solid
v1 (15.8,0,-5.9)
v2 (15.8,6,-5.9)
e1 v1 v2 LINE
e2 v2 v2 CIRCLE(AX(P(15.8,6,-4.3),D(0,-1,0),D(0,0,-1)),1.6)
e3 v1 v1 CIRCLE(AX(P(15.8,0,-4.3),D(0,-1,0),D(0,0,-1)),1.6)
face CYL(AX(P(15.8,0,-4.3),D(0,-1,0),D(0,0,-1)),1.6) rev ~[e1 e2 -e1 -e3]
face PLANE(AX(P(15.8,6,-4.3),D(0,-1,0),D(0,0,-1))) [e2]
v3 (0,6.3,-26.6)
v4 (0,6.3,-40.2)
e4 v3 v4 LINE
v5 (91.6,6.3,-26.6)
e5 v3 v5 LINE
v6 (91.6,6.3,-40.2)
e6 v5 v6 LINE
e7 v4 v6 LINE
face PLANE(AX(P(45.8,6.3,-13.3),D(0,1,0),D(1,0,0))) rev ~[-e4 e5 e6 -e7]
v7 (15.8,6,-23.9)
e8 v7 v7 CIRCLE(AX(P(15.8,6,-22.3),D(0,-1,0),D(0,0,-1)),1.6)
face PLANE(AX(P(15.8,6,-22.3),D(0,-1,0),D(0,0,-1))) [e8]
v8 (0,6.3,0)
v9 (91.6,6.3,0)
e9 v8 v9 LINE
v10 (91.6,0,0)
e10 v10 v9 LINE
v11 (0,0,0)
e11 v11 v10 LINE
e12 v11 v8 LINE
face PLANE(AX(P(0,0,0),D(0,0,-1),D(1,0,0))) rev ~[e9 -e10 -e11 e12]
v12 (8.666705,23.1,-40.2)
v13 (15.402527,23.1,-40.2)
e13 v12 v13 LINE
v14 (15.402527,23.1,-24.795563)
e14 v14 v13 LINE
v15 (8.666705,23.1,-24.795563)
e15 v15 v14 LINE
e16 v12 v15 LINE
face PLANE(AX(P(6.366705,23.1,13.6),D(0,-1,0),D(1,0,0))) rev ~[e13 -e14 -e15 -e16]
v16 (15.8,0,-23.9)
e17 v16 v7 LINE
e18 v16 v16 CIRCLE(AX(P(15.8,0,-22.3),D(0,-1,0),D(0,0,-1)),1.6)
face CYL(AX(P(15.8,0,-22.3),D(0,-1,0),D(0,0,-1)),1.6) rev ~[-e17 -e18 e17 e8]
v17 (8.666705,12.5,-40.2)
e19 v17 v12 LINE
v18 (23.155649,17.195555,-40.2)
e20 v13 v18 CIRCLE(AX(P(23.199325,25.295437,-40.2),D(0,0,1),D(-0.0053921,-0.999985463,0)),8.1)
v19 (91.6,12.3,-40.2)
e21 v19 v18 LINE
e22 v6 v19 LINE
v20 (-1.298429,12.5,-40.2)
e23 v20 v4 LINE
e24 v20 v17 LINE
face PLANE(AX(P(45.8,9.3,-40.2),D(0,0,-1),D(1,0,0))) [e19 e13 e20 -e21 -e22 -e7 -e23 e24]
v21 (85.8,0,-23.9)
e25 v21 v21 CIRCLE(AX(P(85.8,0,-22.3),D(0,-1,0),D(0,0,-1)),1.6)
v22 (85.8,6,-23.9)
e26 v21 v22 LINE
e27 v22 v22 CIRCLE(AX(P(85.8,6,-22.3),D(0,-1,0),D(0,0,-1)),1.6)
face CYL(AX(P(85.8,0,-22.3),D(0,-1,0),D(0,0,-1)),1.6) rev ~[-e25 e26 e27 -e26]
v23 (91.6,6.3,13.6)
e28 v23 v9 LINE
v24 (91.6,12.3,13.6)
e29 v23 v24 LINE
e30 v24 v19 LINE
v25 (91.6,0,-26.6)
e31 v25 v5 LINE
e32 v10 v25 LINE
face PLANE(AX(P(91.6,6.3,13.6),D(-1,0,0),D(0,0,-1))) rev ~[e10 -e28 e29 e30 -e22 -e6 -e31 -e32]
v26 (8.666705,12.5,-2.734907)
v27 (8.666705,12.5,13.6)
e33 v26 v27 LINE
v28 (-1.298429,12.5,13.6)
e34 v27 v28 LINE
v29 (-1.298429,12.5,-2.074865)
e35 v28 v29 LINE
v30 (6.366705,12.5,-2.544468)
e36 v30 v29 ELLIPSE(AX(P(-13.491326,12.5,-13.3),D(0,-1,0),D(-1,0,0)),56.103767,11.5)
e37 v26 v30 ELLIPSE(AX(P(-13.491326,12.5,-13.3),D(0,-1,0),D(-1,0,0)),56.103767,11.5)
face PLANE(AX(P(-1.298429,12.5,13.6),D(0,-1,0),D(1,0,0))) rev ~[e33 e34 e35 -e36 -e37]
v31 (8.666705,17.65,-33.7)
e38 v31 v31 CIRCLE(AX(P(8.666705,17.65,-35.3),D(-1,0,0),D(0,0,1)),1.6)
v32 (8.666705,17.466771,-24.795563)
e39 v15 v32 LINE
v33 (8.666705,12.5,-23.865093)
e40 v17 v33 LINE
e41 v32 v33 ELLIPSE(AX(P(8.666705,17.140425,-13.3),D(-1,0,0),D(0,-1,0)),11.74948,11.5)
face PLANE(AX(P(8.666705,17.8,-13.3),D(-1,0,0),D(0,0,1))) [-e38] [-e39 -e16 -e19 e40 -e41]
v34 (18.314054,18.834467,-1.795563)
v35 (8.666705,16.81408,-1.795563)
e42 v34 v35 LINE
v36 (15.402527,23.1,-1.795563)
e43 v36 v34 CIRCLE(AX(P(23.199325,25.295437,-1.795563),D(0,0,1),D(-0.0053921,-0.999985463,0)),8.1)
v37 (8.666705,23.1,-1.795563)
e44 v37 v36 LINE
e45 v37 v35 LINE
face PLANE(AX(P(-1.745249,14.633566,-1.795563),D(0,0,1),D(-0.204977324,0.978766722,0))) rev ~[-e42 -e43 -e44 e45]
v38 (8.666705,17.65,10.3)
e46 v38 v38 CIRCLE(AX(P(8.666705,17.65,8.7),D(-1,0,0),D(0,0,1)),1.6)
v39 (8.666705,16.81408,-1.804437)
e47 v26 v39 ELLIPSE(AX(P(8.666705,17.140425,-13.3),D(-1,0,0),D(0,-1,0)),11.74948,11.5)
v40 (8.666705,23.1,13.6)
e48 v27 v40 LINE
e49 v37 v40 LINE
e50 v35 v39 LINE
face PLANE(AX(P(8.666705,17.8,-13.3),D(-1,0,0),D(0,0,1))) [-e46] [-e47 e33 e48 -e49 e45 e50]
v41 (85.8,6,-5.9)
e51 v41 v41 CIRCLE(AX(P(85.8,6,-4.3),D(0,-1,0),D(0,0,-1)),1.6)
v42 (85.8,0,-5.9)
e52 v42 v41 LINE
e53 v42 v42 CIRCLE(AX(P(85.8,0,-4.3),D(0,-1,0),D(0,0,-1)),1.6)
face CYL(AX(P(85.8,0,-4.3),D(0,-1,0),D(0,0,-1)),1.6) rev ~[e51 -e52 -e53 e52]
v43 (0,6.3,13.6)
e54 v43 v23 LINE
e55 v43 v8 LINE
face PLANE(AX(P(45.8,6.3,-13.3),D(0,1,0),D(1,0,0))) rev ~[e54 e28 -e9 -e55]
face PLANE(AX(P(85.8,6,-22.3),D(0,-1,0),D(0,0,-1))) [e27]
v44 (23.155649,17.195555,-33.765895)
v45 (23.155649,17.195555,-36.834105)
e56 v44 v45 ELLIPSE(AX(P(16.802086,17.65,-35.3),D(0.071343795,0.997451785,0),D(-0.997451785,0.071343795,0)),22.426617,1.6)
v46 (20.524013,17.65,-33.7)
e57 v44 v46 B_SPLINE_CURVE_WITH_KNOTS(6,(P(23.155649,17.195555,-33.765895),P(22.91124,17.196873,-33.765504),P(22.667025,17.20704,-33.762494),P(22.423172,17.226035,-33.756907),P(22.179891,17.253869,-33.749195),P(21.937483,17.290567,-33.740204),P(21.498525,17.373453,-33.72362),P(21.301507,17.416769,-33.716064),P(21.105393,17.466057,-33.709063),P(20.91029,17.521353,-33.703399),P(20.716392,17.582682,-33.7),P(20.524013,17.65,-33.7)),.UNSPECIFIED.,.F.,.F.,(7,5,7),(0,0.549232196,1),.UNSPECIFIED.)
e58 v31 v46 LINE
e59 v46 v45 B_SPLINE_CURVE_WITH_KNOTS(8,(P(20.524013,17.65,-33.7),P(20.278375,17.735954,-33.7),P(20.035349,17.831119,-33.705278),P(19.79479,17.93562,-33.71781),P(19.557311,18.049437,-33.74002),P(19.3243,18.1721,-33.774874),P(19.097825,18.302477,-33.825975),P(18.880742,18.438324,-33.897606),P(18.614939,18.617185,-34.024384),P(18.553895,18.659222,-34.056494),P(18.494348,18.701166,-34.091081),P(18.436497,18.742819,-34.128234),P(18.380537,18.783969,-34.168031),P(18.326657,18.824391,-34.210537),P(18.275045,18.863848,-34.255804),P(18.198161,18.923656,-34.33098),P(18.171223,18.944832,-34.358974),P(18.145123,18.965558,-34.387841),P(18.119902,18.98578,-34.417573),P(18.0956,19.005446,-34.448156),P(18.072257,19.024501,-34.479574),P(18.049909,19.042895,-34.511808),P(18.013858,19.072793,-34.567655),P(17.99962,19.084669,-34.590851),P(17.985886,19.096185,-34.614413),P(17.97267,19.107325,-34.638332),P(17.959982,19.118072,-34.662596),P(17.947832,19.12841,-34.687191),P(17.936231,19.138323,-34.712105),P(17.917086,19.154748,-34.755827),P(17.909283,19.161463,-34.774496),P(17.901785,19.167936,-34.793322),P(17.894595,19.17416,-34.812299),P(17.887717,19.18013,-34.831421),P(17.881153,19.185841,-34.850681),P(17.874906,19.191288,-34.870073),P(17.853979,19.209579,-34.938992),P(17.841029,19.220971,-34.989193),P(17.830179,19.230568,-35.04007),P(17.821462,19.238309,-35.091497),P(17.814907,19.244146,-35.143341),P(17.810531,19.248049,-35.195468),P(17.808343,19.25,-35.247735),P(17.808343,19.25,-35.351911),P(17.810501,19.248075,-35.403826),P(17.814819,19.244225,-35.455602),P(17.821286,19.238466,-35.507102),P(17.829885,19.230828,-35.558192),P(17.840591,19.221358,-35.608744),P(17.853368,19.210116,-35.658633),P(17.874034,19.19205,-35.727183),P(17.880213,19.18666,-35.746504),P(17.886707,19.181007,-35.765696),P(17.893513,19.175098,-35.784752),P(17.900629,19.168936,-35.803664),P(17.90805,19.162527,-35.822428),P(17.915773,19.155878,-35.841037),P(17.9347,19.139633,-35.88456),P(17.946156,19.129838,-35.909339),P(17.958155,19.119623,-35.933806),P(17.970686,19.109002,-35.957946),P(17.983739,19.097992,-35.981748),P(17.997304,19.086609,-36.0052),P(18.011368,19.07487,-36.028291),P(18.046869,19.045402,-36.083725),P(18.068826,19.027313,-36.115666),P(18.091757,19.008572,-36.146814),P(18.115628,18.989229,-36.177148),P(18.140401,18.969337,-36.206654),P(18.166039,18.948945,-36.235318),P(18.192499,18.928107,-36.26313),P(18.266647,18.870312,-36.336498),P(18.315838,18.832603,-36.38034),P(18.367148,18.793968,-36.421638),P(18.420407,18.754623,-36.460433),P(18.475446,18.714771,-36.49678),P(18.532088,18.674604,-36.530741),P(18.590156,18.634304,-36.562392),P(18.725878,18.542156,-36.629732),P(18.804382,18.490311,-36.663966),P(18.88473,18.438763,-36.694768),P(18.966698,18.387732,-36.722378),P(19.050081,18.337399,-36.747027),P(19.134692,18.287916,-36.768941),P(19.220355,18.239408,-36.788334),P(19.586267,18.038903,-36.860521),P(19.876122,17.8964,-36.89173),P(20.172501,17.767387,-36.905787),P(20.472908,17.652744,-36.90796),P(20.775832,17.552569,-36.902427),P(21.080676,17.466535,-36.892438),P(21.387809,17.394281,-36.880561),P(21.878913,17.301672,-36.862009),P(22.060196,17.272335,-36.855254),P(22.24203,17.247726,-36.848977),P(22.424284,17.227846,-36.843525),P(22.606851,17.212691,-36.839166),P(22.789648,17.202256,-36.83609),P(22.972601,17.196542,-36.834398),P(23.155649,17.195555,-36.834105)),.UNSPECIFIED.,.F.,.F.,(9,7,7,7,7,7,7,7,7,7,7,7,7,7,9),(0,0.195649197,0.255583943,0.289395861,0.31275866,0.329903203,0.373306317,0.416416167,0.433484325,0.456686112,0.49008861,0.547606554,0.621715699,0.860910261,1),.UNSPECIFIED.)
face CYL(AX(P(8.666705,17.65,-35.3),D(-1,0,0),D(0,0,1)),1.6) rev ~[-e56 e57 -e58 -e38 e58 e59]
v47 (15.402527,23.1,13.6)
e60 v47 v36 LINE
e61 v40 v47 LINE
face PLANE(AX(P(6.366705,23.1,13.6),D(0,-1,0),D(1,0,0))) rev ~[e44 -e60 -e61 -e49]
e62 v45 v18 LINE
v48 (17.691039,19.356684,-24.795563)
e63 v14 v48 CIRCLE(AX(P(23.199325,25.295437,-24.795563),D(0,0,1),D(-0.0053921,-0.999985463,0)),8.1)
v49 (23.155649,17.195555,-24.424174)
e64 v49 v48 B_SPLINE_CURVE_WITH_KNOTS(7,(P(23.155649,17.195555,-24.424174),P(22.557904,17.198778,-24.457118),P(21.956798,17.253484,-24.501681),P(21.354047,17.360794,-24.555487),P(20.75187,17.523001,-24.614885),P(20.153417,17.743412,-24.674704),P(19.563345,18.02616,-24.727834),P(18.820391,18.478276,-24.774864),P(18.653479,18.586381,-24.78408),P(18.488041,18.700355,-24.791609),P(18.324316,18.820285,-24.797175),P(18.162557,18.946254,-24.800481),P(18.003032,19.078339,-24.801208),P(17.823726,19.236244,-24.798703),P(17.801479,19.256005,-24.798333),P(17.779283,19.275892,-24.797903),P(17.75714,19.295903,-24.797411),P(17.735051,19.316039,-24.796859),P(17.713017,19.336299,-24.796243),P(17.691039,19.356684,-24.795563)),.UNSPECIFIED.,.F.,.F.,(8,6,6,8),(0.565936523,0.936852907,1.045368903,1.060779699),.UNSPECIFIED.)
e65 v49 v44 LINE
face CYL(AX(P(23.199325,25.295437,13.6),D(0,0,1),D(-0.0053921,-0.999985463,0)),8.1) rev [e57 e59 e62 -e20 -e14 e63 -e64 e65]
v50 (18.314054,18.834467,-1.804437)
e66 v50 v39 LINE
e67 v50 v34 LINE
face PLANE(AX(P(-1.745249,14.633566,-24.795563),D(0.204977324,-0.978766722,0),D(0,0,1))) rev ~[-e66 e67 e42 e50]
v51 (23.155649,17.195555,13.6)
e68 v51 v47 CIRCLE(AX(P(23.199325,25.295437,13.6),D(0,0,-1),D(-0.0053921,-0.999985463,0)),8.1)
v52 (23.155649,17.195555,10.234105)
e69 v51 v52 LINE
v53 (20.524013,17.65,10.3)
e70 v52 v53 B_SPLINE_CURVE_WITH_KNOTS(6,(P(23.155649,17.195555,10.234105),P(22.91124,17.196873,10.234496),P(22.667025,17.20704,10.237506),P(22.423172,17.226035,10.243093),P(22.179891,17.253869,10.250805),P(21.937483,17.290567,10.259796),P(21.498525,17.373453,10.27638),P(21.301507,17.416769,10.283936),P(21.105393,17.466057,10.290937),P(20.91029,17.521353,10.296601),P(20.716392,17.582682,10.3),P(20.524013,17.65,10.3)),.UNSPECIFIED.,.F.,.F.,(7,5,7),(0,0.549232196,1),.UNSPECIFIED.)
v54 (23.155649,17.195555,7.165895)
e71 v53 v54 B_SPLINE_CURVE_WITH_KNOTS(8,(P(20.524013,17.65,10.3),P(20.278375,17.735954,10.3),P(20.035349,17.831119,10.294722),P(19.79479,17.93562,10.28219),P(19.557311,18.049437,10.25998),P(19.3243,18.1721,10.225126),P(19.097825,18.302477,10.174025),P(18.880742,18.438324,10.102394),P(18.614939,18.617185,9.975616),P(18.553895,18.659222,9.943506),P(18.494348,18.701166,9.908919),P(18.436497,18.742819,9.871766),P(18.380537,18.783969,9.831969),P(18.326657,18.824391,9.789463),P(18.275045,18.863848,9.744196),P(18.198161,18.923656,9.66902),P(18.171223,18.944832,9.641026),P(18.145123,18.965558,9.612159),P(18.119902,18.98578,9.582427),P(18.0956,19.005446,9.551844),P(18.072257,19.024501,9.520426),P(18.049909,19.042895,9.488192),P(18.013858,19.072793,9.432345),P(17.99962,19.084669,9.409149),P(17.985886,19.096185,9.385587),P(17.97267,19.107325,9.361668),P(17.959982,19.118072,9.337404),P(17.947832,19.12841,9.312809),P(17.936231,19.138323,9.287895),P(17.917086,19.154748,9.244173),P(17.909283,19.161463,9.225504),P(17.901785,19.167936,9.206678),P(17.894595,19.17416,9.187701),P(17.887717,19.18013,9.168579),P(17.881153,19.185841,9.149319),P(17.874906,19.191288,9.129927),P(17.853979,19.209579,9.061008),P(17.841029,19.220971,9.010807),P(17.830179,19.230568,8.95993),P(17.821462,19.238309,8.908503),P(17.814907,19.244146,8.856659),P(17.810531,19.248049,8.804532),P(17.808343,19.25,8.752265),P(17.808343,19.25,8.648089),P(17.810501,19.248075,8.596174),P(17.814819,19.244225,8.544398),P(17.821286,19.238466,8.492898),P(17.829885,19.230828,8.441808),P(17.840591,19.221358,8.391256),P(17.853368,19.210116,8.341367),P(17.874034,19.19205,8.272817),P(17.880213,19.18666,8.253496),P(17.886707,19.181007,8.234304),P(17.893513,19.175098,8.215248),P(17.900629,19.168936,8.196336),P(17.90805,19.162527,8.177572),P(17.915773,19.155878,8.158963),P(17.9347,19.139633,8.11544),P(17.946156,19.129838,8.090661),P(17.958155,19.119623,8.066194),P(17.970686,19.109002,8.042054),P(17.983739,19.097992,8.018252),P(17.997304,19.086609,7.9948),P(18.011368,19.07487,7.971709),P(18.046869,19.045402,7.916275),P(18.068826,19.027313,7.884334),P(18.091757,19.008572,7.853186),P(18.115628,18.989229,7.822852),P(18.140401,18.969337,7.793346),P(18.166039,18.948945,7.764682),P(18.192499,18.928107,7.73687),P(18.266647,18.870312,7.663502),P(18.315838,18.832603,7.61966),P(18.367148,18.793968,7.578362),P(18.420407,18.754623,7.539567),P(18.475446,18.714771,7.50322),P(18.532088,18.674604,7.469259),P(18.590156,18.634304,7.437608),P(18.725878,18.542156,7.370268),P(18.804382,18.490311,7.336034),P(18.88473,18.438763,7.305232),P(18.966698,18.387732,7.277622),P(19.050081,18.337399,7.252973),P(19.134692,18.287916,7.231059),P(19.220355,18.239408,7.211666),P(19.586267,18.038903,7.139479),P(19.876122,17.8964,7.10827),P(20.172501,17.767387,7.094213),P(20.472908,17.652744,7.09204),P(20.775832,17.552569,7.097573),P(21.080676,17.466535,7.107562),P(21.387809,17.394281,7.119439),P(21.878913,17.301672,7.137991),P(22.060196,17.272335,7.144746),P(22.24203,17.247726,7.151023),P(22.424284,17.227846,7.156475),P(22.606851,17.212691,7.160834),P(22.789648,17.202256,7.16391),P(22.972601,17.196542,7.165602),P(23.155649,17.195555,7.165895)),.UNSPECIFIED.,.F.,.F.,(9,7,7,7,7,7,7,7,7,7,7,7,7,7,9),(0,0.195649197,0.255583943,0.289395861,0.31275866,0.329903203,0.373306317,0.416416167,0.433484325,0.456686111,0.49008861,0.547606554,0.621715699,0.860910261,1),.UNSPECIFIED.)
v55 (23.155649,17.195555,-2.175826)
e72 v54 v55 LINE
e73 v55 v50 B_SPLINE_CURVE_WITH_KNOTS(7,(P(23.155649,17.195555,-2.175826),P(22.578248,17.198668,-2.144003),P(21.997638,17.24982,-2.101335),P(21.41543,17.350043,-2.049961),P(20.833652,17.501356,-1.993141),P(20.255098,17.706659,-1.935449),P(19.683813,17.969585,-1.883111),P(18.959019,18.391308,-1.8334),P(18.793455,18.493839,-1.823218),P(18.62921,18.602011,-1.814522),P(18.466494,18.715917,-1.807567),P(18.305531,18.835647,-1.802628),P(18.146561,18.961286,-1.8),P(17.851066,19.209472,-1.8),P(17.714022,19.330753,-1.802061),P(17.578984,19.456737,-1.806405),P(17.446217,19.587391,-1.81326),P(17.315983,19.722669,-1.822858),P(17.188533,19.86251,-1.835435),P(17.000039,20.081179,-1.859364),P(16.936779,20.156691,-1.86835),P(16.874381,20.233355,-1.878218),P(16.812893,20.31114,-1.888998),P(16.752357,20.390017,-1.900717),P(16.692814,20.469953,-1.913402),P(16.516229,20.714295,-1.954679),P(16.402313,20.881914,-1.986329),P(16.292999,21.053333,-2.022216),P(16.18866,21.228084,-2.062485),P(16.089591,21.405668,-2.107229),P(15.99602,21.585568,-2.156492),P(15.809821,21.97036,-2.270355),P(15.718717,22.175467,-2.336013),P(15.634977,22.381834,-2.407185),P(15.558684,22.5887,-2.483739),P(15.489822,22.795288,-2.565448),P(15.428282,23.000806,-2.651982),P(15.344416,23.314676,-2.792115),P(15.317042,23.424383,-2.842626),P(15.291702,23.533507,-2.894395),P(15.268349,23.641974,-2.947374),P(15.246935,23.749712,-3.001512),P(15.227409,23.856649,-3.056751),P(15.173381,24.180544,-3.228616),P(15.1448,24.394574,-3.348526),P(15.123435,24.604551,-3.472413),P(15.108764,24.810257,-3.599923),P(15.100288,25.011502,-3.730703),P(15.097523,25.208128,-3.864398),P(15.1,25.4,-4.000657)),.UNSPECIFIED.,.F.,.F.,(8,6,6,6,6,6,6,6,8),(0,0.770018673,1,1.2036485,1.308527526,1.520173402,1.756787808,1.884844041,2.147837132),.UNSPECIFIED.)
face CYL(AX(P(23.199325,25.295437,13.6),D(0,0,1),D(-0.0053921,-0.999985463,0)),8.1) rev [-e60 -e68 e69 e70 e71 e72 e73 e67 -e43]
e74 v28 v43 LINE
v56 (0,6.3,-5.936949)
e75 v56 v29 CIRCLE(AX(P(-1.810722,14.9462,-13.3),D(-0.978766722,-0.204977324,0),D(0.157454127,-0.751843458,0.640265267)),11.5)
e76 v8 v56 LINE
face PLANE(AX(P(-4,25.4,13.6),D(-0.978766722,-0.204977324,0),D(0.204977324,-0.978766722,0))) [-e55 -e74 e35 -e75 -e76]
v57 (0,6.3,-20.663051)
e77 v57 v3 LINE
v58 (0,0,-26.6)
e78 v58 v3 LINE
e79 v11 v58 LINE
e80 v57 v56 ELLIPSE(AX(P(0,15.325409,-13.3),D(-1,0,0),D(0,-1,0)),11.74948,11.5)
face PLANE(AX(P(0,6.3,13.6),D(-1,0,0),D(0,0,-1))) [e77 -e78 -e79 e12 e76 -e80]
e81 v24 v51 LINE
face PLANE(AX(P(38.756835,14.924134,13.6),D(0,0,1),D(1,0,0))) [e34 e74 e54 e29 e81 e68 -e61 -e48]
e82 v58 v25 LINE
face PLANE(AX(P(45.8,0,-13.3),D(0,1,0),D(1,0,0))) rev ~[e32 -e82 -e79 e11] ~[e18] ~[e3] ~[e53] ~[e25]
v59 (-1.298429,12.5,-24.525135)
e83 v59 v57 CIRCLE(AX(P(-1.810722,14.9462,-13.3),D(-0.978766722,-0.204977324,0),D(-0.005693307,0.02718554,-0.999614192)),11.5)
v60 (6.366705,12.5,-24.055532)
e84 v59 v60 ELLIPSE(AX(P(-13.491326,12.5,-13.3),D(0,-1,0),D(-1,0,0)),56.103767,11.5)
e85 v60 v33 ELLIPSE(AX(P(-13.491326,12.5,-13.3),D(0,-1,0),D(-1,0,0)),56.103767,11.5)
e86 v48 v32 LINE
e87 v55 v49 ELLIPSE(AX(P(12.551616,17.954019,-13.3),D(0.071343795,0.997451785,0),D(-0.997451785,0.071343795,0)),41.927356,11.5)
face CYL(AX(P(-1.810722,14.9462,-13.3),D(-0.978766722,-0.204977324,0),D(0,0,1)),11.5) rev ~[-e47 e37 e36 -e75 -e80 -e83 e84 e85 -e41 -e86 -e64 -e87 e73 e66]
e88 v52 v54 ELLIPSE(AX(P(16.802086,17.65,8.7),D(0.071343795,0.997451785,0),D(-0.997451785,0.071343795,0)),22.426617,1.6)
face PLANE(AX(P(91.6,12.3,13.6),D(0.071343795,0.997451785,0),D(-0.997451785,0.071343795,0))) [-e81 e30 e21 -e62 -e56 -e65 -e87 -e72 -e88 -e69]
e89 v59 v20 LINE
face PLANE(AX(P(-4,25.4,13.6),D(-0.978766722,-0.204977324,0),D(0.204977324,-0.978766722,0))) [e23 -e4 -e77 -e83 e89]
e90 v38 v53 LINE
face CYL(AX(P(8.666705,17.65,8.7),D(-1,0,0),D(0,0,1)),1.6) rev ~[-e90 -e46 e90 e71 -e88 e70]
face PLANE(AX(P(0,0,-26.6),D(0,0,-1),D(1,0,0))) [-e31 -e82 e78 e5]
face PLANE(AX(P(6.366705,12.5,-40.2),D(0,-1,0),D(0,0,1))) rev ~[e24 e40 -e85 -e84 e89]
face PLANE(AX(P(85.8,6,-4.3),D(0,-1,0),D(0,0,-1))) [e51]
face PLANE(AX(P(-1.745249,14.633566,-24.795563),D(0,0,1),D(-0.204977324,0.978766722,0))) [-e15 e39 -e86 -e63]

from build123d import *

# Parameters (mm, degrees)
SKETCH1_W           = 91.6
SKETCH1_H           = 26.6
BOSS_EXTRUDE1_DEPTH = 6.3
SKETCH2_W           = 91.6
SKETCH2_H           = 53.8
BOSS_EXTRUDE2_DEPTH = 6
BOSS_EXTRUDE3_REACH = 108.941
SKETCH5_R           = 11.5
CUT_EXTRUDE1_DEPTH  = 56.5
SKETCH6_W           = 23
SKETCH6_H           = 11
CUT_EXTRUDE2_DEPTH  = 40
SKETCH8_R           = 1.6
CUT_EXTRUDE3_DEPTH  = 6
CUT_EXTRUDE4_REACH  = 111.225
SKETCH10_W          = 53.8
SKETCH10_H          = 10.6
CUT_EXTRUDE5_DEPTH  = 2.3
CUT_EXTRUDE6_REACH  = 97.014
SKETCH11_R          = 1.6


with BuildPart() as part:
    # Sketch1 → Boss-Extrude1 (new body)
    with BuildSketch(Plane(origin=(0, 0, 0), x_dir=(1, 0, 0), z_dir=(0, 1, 0))):
        with Locations((45.8, 13.3)):
            Rectangle(SKETCH1_W, SKETCH1_H)
    extrude(amount=BOSS_EXTRUDE1_DEPTH)

    # Sketch2 → Boss-Extrude2 (add)
    with BuildSketch(Plane(origin=(0, 6.3, 0), x_dir=(1, 0, 0), z_dir=(0, 1, 0))):
        with Locations((45.8, 13.3)):
            Rectangle(SKETCH2_W, SKETCH2_H)
    extrude(amount=BOSS_EXTRUDE2_DEPTH)

    # Boss-Extrude3: up to this face of the body (flat: up to its plane)
    boss_extrude3_end = Plane(part.part.faces().sort_by_distance((45.8, 9.3, -40.2))[0])
    # Sketch3 → Boss-Extrude3 (add, up to the picked face)
    with BuildSketch(Plane.XY.offset(13.6), mode=Mode.PRIVATE) as boss_extrude3_sk1:
        with BuildLine():
            Line((91.6, 12.3), (23.155649055, 17.195554695))
            ThreePointArc((23.155649055, 17.195554695), (17.419589145, 19.620522611), (15.1, 25.4))
            Line((15.1, 25.4), (-4, 25.4))
            Line((-4, 25.4), (0, 6.3))
            Line((0, 6.3), (0, 12.3))
            Line((0, 12.3), (91.6, 12.3))
        make_face()
    boss_extrude3_tool1 = split(extrude(boss_extrude3_sk1.sketch, amount=-BOSS_EXTRUDE3_REACH, mode=Mode.PRIVATE), bisect_by=boss_extrude3_end, keep=Keep.BOTH, mode=Mode.PRIVATE)
    add(boss_extrude3_tool1.solids().sort_by(Axis((22.17792, 16.713333, 13.6), (0, 0, -1)))[0])

    # Sketch5 → Cut-Extrude1 (cut, symmetric)
    with BuildSketch(Plane(origin=(1.263937397, 0.264698931, 0), x_dir=(0, 0, 1), z_dir=(-0.9787667222739368, -0.2049773240364267, 0))):
        with Locations((-13.3, 15)):
            Circle(SKETCH5_R)
    extrude(amount=CUT_EXTRUDE1_DEPTH, both=True, mode=Mode.SUBTRACT)

    # Sketch6 → Cut-Extrude2 (cut, symmetric)
    with BuildSketch(Plane(origin=(1.263937397, 0.264698931, 0), x_dir=(0, 0, 1), z_dir=(-0.9787667222739368, -0.2049773240364267, 0))):
        with Locations((-13.295563207, 20.180584042)):
            Rectangle(SKETCH6_W, SKETCH6_H)
    extrude(amount=CUT_EXTRUDE2_DEPTH, both=True, mode=Mode.SUBTRACT)

    # Sketch8 → Cut-Extrude3 (cut)
    with BuildSketch(Plane.XZ):
        with Locations(Location((15.8, -4.3, 0), (0, 0, 270))):
            Circle(SKETCH8_R)
        with Locations(Location((85.8, -4.3, 0), (0, 0, 270))):
            Circle(SKETCH8_R)
        with Locations(Location((85.8, -22.3, 0), (0, 0, 270))):
            Circle(SKETCH8_R)
        with Locations(Location((15.8, -22.3, 0), (0, 0, 270))):
            Circle(SKETCH8_R)
    extrude(amount=-CUT_EXTRUDE3_DEPTH, mode=Mode.SUBTRACT)

    # Cut-Extrude4: up to this face of the body (flat: up to its plane)
    cut_extrude4_end = Plane(part.part.faces().sort_by_distance((35.074761292, 12.665908848, -40.2))[0])
    # Sketch9 → Cut-Extrude4 (cut, up to the picked face)
    with BuildSketch(Plane.XY.offset(13.6), mode=Mode.PRIVATE) as cut_extrude4_sk1:
        with BuildLine():
            Line((-1.298429319, 12.5), (6.366705086, 12.5))
            Line((6.366705086, 12.5), (6.366705086, 23.1))
            Line((6.366705086, 23.1), (15.402527223, 23.1))
            ThreePointArc((15.402527223, 23.1), (15.168498155, 24.239113564), (15.1, 25.4))
            Line((15.1, 25.4), (-4, 25.4))
            Line((-4, 25.4), (-1.298429319, 12.5))
        make_face()
    cut_extrude4_tool1 = split(extrude(cut_extrude4_sk1.sketch, amount=-CUT_EXTRUDE4_REACH, mode=Mode.PRIVATE), bisect_by=cut_extrude4_end, keep=Keep.BOTH, mode=Mode.PRIVATE)
    add(cut_extrude4_tool1.solids().sort_by(Axis((3.156249, 20.011038, 13.6), (0, 0, -1)))[0], mode=Mode.SUBTRACT)

    # Sketch10 → Cut-Extrude5 (cut)
    with BuildSketch(Plane.ZY.offset(-6.366705086)):
        with Locations((-13.3, 17.8)):
            Rectangle(SKETCH10_W, SKETCH10_H)
    extrude(amount=-CUT_EXTRUDE5_DEPTH, mode=Mode.SUBTRACT)

    # Sketch11 → Cut-Extrude6 (cut, up to next)
    with BuildSketch(Plane.ZY.offset(-8.666705086), mode=Mode.PRIVATE) as cut_extrude6_sk1:
        with Locations((-35.3, 17.65)):
            Circle(SKETCH11_R)
    cut_extrude6_tool1 = extrude(cut_extrude6_sk1.sketch, amount=-CUT_EXTRUDE6_REACH, mode=Mode.PRIVATE) & part.part
    # Sketch11 → Cut-Extrude6 (cut, up to next)
    with BuildSketch(Plane.ZY.offset(-8.666705086), mode=Mode.PRIVATE) as cut_extrude6_sk2:
        with Locations((8.7, 17.65)):
            Circle(SKETCH11_R)
    cut_extrude6_tool2 = extrude(cut_extrude6_sk2.sketch, amount=-CUT_EXTRUDE6_REACH, mode=Mode.PRIVATE) & part.part
    add(cut_extrude6_tool1.solids().sort_by_distance((8.666705, 17.65, -35.3))[0], mode=Mode.SUBTRACT)
    add(cut_extrude6_tool2.solids().sort_by_distance((8.666705, 17.65, 8.7))[0], mode=Mode.SUBTRACT)


solid = part.part
